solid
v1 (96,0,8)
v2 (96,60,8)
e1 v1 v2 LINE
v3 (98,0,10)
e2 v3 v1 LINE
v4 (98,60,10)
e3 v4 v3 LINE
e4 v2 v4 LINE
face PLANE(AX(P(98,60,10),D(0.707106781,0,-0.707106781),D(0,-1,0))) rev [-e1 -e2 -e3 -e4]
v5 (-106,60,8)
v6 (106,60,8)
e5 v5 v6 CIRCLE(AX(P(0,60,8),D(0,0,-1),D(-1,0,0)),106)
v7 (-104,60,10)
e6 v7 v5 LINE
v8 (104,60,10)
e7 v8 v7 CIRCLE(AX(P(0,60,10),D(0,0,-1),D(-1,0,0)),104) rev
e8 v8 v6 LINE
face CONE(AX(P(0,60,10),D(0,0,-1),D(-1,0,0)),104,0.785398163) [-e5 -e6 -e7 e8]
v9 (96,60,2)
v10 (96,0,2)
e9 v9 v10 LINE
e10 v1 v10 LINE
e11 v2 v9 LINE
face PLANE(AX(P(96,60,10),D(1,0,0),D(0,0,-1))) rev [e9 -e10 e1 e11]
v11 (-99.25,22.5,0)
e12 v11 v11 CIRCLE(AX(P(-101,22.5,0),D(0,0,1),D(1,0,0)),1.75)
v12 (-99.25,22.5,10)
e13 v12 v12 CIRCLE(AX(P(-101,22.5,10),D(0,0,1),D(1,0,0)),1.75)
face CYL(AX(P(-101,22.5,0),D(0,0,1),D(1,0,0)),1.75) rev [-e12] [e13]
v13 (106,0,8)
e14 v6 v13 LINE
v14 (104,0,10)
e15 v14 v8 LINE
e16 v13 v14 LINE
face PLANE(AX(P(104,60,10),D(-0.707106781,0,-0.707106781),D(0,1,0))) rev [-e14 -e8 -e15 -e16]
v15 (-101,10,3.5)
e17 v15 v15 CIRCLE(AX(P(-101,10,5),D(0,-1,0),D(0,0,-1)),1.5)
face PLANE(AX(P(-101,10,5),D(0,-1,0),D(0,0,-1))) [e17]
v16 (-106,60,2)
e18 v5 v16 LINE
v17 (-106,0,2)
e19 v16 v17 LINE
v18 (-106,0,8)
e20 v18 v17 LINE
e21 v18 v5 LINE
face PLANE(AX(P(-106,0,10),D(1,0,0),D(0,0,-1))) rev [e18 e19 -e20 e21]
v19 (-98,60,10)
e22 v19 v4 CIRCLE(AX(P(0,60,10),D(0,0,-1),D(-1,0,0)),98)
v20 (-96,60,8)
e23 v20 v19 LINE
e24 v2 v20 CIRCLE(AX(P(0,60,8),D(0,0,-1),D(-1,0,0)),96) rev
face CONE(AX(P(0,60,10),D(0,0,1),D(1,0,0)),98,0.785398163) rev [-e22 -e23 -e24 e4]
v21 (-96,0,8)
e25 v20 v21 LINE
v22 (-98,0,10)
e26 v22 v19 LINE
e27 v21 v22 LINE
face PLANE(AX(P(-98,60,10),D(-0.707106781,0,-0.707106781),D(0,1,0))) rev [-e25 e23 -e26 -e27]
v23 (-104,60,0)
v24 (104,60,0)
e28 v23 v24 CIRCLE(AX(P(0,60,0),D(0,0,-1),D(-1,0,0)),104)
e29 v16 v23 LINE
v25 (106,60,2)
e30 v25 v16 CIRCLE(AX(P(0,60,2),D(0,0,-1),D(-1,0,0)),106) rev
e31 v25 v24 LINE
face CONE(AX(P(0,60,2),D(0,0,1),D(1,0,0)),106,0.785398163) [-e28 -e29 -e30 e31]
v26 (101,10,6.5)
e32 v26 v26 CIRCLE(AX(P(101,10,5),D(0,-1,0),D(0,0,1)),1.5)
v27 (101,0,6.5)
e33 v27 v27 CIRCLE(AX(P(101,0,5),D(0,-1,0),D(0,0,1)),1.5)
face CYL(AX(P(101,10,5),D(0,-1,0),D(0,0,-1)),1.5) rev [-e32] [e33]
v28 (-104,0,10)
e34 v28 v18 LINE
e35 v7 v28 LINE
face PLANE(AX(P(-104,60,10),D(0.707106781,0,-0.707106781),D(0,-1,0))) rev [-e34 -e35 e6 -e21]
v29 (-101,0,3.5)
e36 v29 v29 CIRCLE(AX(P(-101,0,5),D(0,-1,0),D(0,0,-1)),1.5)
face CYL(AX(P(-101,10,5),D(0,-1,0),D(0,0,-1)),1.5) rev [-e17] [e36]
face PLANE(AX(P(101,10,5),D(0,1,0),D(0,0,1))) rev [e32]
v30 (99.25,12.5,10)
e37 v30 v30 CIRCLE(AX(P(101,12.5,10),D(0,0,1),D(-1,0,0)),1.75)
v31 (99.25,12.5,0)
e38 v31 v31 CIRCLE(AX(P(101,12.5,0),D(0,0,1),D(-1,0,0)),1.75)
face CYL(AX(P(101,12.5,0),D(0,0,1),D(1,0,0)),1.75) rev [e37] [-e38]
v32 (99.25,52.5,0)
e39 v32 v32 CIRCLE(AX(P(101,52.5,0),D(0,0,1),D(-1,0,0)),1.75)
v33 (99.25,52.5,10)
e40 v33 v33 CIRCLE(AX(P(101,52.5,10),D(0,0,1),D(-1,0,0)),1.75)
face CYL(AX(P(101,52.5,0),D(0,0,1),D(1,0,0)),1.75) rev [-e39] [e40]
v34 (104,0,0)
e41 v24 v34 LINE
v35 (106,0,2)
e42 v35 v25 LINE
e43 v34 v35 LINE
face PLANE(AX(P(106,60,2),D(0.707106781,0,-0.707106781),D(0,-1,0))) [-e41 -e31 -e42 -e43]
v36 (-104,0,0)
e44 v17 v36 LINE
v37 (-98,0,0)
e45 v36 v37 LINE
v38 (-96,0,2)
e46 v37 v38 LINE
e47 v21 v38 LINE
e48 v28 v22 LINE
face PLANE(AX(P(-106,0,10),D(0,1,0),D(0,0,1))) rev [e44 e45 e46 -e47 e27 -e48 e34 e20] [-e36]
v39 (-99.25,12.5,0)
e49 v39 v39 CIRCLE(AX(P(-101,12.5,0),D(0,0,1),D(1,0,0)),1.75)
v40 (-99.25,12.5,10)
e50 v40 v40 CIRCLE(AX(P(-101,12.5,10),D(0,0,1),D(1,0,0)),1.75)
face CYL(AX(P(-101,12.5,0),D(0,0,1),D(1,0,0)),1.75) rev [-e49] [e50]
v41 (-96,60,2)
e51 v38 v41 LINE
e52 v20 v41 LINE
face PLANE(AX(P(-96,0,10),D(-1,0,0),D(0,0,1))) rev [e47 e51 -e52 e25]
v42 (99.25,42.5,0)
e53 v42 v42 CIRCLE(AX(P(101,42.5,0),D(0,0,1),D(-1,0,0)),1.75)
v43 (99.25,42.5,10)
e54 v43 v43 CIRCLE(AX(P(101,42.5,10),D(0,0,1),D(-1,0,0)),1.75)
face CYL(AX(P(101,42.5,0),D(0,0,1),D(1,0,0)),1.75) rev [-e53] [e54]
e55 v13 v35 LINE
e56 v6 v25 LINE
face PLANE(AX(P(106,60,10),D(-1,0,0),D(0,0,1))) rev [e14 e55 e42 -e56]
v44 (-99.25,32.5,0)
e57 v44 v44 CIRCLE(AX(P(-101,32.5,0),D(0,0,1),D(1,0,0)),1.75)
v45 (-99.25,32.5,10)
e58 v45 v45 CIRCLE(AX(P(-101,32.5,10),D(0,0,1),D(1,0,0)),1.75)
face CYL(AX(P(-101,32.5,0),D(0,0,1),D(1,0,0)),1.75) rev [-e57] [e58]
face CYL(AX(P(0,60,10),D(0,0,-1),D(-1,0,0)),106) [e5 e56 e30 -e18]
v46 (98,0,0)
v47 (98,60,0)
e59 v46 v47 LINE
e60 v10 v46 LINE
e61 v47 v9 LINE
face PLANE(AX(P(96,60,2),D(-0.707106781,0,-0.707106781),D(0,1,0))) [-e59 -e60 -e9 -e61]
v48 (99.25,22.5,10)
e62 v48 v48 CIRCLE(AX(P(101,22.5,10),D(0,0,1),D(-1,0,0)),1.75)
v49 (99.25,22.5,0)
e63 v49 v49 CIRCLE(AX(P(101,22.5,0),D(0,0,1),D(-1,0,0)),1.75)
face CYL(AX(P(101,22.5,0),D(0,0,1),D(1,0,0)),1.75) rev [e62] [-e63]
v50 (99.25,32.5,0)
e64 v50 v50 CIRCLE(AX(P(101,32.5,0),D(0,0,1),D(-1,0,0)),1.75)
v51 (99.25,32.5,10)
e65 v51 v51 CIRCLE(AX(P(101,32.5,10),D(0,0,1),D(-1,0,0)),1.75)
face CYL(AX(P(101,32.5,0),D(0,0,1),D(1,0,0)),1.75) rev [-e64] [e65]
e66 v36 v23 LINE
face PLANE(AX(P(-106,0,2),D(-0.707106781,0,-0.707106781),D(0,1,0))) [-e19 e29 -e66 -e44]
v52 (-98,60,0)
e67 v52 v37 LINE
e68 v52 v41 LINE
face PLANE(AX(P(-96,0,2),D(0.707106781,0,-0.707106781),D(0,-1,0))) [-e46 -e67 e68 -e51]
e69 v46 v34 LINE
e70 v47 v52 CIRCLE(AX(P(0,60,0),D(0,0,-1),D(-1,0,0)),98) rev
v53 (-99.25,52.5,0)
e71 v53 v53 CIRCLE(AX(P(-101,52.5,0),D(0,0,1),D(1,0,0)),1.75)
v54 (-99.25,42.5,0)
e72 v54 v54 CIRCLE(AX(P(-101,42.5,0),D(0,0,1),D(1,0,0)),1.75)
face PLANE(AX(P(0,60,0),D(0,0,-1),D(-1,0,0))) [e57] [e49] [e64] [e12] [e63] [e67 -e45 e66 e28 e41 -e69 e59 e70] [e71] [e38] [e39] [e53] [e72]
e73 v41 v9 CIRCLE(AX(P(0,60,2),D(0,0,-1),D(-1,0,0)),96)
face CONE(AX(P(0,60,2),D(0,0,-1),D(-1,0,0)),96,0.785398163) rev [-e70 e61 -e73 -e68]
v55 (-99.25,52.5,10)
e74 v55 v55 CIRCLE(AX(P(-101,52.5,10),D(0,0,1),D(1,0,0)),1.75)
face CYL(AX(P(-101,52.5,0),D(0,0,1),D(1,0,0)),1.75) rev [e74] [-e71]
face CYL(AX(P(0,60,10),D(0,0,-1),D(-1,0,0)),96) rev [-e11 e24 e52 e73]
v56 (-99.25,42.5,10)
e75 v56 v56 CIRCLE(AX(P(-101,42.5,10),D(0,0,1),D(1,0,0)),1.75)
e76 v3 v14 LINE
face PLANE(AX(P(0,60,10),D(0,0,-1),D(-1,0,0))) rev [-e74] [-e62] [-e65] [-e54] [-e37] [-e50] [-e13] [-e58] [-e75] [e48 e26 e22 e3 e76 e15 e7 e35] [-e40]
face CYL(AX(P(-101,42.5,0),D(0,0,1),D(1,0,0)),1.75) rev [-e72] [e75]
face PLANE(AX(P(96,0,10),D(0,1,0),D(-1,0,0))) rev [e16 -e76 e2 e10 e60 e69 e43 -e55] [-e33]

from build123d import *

# Parameters (mm, degrees)
BOSS_EXTRUDE1_DEPTH = 10
CHAMFER1_SIZE       = 2
SKETCH2_R           = 1.75
CUT_EXTRUDE1_DEPTH  = 11
LPATTERN1_COUNT     = 5
LPATTERN1_PITCH     = 10
SKETCH3_R           = 1.5
CUT_EXTRUDE2_DEPTH  = 10


with BuildPart() as part:
    # Sketch1 → Boss-Extrude1 (new body)
    with BuildSketch(Plane.XY):
        with BuildLine():
            Line((-106, 0), (-106, 60))
            ThreePointArc((-106, 60), (0, 166), (106, 60))
            Line((106, 60), (106, 0))
            Line((106, 0), (96, 0))
            Line((96, 0), (96, 60))
            ThreePointArc((96, 60), (0, 156), (-96, 60))
            Line((-96, 60), (-96, 0))
            Line((-96, 0), (-106, 0))
        make_face()
    extrude(amount=BOSS_EXTRUDE1_DEPTH)

    # Chamfer1
    chamfer1_edges = [part.edges().sort_by_distance(p)[0] for p in [
        (96, 30, 0),
        (0, 156, 0),
        (-96, 30, 0),
        (0, 156, 10),
        (96, 30, 10),
        (106, 30, 10),
        (0, 166, 10),
        (-106, 30, 10),
        (-106, 30, 0),
        (-96, 30, 10),
        (0, 166, 0),
        (106, 30, 0),
    ]]
    chamfer(chamfer1_edges, length=CHAMFER1_SIZE)

    # Sketch2 → Cut-Extrude1 (cut, through all)
    with BuildSketch(Plane.XY.offset(10)):
        with Locations((-101, 12.5)):
            Circle(SKETCH2_R)
        with Locations((101, 12.5)):
            Circle(SKETCH2_R)
    cut_extrude1 = extrude(amount=-CUT_EXTRUDE1_DEPTH, mode=Mode.SUBTRACT)

    # LPattern1: Cut-Extrude1 ×5
    with Locations(*[(0, i * LPATTERN1_PITCH, 0) for i in range(1, LPATTERN1_COUNT)]):
        add(cut_extrude1, mode=Mode.SUBTRACT)

    # Sketch3 → Cut-Extrude2 (cut)
    with BuildSketch(Plane.XZ):
        with Locations((-101, 5)):
            Circle(SKETCH3_R)
        with Locations((101, 5)):
            Circle(SKETCH3_R)
    extrude(amount=-CUT_EXTRUDE2_DEPTH, mode=Mode.SUBTRACT)


solid = part.part
